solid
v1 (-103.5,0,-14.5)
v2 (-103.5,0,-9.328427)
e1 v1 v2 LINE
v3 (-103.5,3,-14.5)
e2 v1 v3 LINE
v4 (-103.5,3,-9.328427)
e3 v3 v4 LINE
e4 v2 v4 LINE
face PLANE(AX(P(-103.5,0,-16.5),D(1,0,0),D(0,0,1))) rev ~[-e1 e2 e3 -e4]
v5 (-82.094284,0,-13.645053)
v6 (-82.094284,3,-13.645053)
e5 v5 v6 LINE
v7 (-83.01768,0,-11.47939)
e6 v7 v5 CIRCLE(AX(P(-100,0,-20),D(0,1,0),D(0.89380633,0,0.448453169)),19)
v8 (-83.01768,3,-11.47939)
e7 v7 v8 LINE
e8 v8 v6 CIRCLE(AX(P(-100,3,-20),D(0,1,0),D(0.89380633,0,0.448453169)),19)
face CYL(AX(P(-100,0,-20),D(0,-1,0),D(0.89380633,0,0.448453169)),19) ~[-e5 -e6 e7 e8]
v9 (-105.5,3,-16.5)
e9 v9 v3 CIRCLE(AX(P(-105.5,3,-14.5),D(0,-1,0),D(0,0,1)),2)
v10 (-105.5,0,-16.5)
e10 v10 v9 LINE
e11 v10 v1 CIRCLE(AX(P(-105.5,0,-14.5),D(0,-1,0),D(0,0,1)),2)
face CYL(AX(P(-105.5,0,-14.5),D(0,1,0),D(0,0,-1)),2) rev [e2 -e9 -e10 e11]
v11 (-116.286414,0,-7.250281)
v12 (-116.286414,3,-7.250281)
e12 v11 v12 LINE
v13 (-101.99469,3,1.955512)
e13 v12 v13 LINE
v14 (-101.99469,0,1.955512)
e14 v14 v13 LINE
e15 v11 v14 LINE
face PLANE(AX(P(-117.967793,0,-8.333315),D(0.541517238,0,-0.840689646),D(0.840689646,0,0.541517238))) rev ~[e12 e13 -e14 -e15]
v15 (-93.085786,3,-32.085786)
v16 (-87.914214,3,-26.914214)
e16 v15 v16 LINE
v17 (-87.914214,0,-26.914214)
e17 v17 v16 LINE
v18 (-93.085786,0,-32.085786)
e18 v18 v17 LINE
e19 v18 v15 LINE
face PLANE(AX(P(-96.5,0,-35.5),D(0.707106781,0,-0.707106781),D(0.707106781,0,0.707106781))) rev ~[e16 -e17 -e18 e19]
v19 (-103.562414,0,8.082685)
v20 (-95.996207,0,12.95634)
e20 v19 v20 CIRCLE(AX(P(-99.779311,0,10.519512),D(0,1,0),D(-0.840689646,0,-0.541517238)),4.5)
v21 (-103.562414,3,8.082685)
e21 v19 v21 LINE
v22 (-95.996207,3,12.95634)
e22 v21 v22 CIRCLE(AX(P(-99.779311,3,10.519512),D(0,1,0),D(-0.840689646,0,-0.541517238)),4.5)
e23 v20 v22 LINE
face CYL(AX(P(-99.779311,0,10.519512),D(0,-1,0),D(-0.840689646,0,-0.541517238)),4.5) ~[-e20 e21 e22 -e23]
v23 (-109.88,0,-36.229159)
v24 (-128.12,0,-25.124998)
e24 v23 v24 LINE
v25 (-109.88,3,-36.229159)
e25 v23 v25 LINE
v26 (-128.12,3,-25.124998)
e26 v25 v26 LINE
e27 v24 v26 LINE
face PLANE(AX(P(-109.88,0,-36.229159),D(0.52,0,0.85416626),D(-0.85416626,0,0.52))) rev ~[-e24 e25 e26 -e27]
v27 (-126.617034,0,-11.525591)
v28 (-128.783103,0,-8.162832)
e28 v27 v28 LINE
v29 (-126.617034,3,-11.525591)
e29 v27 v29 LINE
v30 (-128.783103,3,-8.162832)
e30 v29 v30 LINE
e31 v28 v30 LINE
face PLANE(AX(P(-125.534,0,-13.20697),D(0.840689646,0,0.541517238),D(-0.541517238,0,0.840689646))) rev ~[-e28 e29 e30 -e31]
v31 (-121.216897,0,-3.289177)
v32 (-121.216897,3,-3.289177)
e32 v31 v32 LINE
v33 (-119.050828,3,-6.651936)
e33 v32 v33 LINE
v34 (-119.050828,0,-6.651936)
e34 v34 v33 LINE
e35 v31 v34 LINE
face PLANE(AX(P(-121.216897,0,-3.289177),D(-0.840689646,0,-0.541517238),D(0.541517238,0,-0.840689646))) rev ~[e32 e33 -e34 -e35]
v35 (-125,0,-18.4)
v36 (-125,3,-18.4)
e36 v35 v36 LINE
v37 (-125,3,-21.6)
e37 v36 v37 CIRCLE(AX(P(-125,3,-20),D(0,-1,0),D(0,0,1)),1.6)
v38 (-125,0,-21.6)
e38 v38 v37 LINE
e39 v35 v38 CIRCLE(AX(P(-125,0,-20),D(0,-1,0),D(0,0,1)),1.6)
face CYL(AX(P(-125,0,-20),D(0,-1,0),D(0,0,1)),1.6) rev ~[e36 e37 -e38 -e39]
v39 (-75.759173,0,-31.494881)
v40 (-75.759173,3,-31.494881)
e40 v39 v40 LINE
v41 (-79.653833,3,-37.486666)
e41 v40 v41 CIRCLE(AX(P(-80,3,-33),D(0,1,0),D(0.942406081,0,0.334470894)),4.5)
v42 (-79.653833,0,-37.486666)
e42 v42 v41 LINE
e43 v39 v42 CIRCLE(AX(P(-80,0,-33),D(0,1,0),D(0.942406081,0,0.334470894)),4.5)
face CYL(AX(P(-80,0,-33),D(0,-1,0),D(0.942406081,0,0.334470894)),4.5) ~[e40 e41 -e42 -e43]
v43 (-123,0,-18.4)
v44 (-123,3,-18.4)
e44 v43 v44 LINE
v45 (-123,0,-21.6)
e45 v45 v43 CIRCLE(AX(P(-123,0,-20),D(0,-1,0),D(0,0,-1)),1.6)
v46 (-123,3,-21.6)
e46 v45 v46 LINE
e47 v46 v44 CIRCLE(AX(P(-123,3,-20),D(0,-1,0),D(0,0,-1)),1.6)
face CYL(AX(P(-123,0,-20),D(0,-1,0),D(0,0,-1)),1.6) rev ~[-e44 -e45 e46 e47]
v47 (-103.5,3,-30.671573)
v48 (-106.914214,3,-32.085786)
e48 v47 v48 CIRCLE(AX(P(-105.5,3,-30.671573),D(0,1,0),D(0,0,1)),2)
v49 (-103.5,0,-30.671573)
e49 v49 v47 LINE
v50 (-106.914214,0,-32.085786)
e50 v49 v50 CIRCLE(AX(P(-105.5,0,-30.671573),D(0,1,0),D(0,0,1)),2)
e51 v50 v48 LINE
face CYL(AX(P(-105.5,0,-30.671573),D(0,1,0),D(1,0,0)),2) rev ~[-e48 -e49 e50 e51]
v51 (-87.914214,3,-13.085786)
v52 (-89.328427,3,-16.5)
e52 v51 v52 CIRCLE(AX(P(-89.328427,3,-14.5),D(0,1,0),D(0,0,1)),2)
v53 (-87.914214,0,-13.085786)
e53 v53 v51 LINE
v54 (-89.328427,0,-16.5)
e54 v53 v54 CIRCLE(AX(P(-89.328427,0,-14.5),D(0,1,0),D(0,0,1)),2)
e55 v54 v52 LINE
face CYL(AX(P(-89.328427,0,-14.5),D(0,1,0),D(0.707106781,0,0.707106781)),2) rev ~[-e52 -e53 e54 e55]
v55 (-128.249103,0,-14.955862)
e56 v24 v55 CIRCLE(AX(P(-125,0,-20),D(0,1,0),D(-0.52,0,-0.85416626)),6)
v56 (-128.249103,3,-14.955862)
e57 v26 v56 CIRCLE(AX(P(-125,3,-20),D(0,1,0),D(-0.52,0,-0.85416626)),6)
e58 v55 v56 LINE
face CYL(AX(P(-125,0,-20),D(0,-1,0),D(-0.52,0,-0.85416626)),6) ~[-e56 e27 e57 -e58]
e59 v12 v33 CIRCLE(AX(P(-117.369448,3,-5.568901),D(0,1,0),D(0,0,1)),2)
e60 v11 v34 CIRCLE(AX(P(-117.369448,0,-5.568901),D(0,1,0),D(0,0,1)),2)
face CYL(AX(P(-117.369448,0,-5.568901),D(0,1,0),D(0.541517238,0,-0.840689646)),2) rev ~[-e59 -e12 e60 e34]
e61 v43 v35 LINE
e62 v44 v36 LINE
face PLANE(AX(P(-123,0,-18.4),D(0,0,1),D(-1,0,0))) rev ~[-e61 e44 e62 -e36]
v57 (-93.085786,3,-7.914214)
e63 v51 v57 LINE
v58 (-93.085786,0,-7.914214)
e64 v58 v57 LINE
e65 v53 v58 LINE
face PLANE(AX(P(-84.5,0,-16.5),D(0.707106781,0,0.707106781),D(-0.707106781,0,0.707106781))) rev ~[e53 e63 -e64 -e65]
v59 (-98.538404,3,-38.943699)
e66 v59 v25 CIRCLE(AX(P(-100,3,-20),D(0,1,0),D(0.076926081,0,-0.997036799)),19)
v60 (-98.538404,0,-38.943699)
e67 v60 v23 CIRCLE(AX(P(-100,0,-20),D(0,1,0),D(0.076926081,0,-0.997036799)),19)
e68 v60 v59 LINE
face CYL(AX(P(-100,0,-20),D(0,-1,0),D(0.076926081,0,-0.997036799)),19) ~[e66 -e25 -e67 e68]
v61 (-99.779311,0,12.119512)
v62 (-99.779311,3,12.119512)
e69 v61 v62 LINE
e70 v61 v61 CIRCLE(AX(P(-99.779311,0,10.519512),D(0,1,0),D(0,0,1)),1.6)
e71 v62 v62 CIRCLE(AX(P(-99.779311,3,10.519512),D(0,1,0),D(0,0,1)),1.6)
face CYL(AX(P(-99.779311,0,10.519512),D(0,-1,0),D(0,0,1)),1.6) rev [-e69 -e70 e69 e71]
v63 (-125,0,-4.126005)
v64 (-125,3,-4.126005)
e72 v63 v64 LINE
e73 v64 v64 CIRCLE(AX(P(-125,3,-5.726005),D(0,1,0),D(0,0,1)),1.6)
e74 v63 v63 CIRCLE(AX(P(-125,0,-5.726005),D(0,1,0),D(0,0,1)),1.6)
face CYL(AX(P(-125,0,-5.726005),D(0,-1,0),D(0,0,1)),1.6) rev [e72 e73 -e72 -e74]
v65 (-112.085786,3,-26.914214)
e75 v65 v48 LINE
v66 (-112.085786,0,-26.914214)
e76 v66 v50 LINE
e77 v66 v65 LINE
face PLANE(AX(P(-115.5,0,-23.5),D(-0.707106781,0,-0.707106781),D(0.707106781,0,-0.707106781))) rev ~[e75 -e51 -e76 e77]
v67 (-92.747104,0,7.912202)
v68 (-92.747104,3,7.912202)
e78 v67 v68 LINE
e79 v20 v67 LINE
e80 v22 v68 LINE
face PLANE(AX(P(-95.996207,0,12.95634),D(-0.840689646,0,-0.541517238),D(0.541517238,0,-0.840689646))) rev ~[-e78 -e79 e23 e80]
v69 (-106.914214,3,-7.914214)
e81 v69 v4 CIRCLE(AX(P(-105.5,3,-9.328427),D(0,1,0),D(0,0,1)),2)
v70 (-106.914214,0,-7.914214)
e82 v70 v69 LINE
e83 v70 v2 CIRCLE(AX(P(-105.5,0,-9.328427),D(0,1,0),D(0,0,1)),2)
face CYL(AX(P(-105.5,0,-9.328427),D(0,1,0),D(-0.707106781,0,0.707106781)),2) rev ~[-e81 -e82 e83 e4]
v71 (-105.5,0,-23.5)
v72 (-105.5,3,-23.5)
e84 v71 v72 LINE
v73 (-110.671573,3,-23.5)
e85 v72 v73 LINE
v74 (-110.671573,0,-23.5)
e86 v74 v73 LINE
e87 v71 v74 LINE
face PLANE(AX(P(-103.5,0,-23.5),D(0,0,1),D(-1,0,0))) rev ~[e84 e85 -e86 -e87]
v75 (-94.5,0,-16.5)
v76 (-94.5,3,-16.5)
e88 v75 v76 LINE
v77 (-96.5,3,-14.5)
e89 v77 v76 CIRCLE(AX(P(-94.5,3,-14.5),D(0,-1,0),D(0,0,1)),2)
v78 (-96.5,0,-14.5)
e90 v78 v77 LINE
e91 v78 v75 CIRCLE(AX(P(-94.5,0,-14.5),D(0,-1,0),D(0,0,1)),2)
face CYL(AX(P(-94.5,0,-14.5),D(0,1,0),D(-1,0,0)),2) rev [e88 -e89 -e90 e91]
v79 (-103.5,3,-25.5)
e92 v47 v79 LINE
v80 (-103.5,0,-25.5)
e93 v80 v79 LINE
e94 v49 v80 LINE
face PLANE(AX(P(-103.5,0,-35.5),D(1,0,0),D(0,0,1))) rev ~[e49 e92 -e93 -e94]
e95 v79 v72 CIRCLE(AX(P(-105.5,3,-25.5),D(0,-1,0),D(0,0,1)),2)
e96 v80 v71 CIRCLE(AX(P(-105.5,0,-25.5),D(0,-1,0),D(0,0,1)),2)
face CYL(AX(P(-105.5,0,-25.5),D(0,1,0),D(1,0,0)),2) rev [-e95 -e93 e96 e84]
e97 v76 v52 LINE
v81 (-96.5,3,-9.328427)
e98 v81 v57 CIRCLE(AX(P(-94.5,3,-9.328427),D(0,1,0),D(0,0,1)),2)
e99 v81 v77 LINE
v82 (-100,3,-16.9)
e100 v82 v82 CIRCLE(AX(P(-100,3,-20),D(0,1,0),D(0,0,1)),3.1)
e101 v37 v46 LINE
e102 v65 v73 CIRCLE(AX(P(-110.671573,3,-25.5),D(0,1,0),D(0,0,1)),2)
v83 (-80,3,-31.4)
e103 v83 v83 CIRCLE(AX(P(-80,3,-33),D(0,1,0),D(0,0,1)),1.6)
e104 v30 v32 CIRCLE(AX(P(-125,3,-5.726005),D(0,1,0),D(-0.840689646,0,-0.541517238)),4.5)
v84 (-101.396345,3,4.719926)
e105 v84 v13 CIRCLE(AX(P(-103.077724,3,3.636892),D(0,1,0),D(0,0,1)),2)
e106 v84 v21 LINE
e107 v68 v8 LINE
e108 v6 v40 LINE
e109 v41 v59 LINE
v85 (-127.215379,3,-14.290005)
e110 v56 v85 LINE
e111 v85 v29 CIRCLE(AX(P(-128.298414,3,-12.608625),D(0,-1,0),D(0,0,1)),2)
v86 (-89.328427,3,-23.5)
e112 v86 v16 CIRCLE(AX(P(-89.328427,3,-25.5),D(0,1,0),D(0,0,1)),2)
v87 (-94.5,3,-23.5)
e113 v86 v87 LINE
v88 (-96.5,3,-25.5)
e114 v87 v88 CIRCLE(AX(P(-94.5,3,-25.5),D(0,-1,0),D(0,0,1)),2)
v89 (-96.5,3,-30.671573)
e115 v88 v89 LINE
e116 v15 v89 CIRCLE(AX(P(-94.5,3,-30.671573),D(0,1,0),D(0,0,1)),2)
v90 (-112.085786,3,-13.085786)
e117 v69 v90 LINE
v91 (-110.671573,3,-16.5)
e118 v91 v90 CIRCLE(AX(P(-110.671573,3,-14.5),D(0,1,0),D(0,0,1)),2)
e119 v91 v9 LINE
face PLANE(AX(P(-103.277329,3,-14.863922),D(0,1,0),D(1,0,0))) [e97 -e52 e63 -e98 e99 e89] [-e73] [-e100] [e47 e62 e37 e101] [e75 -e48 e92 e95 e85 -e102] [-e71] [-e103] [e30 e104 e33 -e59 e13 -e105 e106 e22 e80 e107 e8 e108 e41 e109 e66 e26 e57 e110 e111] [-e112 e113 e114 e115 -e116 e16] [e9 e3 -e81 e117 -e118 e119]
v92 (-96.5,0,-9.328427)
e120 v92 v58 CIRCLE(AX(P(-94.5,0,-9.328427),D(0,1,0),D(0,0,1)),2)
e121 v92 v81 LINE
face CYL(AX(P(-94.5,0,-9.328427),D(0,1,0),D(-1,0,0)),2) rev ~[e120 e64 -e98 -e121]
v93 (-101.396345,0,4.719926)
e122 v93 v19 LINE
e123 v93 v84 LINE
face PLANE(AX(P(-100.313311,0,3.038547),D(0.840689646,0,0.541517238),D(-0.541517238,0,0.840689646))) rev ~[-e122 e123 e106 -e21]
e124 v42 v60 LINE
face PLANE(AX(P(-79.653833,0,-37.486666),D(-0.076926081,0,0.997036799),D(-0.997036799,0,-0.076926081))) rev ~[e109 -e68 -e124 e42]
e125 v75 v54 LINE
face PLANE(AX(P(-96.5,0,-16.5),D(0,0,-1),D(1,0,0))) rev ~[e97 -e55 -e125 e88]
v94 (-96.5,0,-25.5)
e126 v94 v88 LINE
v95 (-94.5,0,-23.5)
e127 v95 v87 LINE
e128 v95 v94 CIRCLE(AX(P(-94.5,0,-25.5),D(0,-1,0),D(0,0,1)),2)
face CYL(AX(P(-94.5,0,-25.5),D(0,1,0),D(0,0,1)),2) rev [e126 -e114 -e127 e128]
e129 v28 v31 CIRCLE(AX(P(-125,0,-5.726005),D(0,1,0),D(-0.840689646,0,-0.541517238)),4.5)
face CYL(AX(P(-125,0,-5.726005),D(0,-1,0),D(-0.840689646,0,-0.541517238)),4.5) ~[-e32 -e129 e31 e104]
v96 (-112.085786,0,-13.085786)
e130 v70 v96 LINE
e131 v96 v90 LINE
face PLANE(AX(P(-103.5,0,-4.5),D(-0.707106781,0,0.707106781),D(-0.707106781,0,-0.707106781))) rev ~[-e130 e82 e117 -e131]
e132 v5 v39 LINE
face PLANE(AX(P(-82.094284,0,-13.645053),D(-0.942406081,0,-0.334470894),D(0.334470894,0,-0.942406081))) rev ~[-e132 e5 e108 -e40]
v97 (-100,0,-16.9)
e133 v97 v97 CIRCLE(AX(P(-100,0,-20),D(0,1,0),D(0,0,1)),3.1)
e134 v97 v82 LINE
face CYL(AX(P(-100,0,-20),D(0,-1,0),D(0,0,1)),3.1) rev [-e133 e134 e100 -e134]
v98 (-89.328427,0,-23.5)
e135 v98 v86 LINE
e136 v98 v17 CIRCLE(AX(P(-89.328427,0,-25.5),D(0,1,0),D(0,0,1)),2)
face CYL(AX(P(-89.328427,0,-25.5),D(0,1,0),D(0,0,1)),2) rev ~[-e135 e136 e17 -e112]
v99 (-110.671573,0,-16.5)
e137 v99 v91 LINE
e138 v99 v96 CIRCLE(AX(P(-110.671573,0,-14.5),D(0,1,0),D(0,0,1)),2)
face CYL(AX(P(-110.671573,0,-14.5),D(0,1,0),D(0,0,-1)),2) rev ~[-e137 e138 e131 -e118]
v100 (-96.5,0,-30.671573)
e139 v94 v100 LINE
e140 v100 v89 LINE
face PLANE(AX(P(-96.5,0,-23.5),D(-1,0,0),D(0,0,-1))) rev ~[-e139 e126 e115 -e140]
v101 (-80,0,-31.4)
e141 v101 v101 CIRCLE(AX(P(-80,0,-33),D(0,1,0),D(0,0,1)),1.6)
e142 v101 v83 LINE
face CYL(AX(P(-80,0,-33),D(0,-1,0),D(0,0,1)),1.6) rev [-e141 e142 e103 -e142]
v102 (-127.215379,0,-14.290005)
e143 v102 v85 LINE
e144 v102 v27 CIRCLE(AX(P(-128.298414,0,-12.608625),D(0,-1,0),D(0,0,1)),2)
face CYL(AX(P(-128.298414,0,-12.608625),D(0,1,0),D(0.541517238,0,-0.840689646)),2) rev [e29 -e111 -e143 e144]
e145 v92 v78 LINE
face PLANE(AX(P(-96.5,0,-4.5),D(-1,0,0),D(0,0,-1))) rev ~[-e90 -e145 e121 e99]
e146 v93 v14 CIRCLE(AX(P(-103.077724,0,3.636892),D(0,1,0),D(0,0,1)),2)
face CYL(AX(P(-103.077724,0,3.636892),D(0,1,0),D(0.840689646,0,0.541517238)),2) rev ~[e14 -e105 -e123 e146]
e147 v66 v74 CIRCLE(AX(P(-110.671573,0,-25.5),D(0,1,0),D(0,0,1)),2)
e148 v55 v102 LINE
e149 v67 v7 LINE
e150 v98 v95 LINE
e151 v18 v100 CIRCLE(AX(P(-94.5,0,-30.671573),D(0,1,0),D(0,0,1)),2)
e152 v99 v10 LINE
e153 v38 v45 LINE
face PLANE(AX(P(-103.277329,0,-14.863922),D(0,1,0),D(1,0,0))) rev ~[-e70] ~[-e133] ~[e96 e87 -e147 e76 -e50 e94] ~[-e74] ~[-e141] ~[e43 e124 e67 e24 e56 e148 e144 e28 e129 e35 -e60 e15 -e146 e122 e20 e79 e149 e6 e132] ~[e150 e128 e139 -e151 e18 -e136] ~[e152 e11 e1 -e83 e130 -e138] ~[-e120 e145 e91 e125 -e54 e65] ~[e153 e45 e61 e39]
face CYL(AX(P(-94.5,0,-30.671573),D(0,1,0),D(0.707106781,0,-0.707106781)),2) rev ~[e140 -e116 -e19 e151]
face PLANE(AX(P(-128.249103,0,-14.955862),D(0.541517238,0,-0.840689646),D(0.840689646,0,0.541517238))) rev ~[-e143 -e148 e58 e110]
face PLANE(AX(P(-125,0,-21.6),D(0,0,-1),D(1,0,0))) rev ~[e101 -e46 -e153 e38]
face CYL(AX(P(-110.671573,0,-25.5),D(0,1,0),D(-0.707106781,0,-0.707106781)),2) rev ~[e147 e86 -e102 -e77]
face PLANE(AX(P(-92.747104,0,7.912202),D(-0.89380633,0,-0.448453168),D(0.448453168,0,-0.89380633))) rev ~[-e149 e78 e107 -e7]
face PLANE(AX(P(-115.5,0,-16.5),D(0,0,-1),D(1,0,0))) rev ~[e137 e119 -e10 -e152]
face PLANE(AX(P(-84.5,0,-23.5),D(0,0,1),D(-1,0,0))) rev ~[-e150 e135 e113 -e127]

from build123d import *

# Parameters (mm, degrees)
SKETCH_1_R      = 3.1
SKETCH_1_R_2    = 1.6
EXTRUDE_1_DEPTH = 3
FILLET_1_R      = 2


with BuildPart() as part:
    # 草图1 → 凸台-拉伸1 (new body)
    with BuildSketch(Plane(origin=(0, 0, 0), x_dir=(1, 0, 0), z_dir=(0, 1, 0))):
        with BuildLine():
            Line((-82.094284463, 13.64505302), (-75.759172636, 31.494880978))
            ThreePointArc((-75.759172636, 31.494880978), (-76.227003727, 35.452447578), (-79.653832636, 37.486665594))
            Line((-79.653832636, 37.486665594), (-98.538404465, 38.943699177))
            ThreePointArc((-98.538404465, 38.943699177), (-104.422619767, 38.478106894), (-109.88, 36.229158943))
            Line((-109.88, 36.229158943), (-128.12, 25.124997561))
            ThreePointArc((-128.12, 25.124997561), (-130.999516523, 20.076167551), (-128.249103426, 14.955862123))
            Line((-128.249103426, 14.955862123), (-125.533999982, 13.206970217))
            Line((-125.533999982, 13.206970217), (-128.783103408, 8.16283234))
            ThreePointArc((-128.783103408, 8.16283234), (-127.43682757, 1.942901362), (-121.216896592, 3.289177201))
            Line((-121.216896592, 3.289177201), (-117.967793166, 8.333315078))
            Line((-117.967793166, 8.333315078), (-100.313310595, -3.038546913))
            Line((-100.313310595, -3.038546913), (-103.562414021, -8.08268479))
            ThreePointArc((-103.562414021, -8.08268479), (-102.216138182, -14.302615768), (-95.996207205, -12.956339929))
            Line((-95.996207205, -12.956339929), (-92.747103778, -7.912202052))
            Line((-92.747103778, -7.912202052), (-83.017679727, 11.479389802))
            ThreePointArc((-83.017679727, 11.479389802), (-82.522406202, 12.547905325), (-82.094284463, 13.64505302))
        make_face()
        Polygon((-96.5, 16.5), (-84.5, 16.5), (-96.5, 4.5), align=None, mode=Mode.SUBTRACT)
        Polygon((-103.5, 16.5), (-103.5, 4.5), (-115.5, 16.5), align=None, mode=Mode.SUBTRACT)
        Polygon((-103.5, 23.5), (-115.5, 23.5), (-103.5, 35.5), align=None, mode=Mode.SUBTRACT)
        Polygon((-96.5, 23.5), (-96.5, 35.5), (-84.5, 23.5), align=None, mode=Mode.SUBTRACT)
        with Locations(Location((-100, 20, 0), (0, 0, 270))):
            Circle(SKETCH_1_R, mode=Mode.SUBTRACT)
        with Locations(Location((-80, 33, 0), (0, 0, 270))):
            Circle(SKETCH_1_R_2, mode=Mode.SUBTRACT)
        with BuildLine():
            Line((-125, 21.6), (-123, 21.6))
            ThreePointArc((-123, 21.6), (-121.4, 20), (-123, 18.4))
            Line((-123, 18.4), (-125, 18.4))
            ThreePointArc((-125, 18.4), (-126.6, 20), (-125, 21.6))
        make_face(mode=Mode.SUBTRACT)
        with Locations(Location((-99.779310613, -10.51951236, 0), (0, 0, 270))):
            Circle(SKETCH_1_R_2, mode=Mode.SUBTRACT)
        with Locations(Location((-125, 5.726004771, 0), (0, 0, 270))):
            Circle(SKETCH_1_R_2, mode=Mode.SUBTRACT)
    extrude(amount=EXTRUDE_1_DEPTH)

    # 圆角1
    fillet_1_edges = [part.edges().sort_by_distance(p)[0] for p in [
        (-96.5, 1.5, -16.5),
        (-96.5, 1.5, -4.5),
        (-84.5, 1.5, -16.5),
        (-103.5, 1.5, -4.5),
        (-103.5, 1.5, -16.5),
        (-115.5, 1.5, -16.5),
        (-115.5, 1.5, -23.5),
        (-103.5, 1.5, -23.5),
        (-103.5, 1.5, -35.5),
        (-96.5, 1.5, -35.5),
        (-96.5, 1.5, -23.5),
        (-84.5, 1.5, -23.5),
        (-100.313310595, 1.5, 3.038546913),
        (-117.967793166, 1.5, -8.333315078),
        (-125.533999982, 1.5, -13.206970217),
    ]]
    fillet(fillet_1_edges, radius=FILLET_1_R)


solid = part.part
